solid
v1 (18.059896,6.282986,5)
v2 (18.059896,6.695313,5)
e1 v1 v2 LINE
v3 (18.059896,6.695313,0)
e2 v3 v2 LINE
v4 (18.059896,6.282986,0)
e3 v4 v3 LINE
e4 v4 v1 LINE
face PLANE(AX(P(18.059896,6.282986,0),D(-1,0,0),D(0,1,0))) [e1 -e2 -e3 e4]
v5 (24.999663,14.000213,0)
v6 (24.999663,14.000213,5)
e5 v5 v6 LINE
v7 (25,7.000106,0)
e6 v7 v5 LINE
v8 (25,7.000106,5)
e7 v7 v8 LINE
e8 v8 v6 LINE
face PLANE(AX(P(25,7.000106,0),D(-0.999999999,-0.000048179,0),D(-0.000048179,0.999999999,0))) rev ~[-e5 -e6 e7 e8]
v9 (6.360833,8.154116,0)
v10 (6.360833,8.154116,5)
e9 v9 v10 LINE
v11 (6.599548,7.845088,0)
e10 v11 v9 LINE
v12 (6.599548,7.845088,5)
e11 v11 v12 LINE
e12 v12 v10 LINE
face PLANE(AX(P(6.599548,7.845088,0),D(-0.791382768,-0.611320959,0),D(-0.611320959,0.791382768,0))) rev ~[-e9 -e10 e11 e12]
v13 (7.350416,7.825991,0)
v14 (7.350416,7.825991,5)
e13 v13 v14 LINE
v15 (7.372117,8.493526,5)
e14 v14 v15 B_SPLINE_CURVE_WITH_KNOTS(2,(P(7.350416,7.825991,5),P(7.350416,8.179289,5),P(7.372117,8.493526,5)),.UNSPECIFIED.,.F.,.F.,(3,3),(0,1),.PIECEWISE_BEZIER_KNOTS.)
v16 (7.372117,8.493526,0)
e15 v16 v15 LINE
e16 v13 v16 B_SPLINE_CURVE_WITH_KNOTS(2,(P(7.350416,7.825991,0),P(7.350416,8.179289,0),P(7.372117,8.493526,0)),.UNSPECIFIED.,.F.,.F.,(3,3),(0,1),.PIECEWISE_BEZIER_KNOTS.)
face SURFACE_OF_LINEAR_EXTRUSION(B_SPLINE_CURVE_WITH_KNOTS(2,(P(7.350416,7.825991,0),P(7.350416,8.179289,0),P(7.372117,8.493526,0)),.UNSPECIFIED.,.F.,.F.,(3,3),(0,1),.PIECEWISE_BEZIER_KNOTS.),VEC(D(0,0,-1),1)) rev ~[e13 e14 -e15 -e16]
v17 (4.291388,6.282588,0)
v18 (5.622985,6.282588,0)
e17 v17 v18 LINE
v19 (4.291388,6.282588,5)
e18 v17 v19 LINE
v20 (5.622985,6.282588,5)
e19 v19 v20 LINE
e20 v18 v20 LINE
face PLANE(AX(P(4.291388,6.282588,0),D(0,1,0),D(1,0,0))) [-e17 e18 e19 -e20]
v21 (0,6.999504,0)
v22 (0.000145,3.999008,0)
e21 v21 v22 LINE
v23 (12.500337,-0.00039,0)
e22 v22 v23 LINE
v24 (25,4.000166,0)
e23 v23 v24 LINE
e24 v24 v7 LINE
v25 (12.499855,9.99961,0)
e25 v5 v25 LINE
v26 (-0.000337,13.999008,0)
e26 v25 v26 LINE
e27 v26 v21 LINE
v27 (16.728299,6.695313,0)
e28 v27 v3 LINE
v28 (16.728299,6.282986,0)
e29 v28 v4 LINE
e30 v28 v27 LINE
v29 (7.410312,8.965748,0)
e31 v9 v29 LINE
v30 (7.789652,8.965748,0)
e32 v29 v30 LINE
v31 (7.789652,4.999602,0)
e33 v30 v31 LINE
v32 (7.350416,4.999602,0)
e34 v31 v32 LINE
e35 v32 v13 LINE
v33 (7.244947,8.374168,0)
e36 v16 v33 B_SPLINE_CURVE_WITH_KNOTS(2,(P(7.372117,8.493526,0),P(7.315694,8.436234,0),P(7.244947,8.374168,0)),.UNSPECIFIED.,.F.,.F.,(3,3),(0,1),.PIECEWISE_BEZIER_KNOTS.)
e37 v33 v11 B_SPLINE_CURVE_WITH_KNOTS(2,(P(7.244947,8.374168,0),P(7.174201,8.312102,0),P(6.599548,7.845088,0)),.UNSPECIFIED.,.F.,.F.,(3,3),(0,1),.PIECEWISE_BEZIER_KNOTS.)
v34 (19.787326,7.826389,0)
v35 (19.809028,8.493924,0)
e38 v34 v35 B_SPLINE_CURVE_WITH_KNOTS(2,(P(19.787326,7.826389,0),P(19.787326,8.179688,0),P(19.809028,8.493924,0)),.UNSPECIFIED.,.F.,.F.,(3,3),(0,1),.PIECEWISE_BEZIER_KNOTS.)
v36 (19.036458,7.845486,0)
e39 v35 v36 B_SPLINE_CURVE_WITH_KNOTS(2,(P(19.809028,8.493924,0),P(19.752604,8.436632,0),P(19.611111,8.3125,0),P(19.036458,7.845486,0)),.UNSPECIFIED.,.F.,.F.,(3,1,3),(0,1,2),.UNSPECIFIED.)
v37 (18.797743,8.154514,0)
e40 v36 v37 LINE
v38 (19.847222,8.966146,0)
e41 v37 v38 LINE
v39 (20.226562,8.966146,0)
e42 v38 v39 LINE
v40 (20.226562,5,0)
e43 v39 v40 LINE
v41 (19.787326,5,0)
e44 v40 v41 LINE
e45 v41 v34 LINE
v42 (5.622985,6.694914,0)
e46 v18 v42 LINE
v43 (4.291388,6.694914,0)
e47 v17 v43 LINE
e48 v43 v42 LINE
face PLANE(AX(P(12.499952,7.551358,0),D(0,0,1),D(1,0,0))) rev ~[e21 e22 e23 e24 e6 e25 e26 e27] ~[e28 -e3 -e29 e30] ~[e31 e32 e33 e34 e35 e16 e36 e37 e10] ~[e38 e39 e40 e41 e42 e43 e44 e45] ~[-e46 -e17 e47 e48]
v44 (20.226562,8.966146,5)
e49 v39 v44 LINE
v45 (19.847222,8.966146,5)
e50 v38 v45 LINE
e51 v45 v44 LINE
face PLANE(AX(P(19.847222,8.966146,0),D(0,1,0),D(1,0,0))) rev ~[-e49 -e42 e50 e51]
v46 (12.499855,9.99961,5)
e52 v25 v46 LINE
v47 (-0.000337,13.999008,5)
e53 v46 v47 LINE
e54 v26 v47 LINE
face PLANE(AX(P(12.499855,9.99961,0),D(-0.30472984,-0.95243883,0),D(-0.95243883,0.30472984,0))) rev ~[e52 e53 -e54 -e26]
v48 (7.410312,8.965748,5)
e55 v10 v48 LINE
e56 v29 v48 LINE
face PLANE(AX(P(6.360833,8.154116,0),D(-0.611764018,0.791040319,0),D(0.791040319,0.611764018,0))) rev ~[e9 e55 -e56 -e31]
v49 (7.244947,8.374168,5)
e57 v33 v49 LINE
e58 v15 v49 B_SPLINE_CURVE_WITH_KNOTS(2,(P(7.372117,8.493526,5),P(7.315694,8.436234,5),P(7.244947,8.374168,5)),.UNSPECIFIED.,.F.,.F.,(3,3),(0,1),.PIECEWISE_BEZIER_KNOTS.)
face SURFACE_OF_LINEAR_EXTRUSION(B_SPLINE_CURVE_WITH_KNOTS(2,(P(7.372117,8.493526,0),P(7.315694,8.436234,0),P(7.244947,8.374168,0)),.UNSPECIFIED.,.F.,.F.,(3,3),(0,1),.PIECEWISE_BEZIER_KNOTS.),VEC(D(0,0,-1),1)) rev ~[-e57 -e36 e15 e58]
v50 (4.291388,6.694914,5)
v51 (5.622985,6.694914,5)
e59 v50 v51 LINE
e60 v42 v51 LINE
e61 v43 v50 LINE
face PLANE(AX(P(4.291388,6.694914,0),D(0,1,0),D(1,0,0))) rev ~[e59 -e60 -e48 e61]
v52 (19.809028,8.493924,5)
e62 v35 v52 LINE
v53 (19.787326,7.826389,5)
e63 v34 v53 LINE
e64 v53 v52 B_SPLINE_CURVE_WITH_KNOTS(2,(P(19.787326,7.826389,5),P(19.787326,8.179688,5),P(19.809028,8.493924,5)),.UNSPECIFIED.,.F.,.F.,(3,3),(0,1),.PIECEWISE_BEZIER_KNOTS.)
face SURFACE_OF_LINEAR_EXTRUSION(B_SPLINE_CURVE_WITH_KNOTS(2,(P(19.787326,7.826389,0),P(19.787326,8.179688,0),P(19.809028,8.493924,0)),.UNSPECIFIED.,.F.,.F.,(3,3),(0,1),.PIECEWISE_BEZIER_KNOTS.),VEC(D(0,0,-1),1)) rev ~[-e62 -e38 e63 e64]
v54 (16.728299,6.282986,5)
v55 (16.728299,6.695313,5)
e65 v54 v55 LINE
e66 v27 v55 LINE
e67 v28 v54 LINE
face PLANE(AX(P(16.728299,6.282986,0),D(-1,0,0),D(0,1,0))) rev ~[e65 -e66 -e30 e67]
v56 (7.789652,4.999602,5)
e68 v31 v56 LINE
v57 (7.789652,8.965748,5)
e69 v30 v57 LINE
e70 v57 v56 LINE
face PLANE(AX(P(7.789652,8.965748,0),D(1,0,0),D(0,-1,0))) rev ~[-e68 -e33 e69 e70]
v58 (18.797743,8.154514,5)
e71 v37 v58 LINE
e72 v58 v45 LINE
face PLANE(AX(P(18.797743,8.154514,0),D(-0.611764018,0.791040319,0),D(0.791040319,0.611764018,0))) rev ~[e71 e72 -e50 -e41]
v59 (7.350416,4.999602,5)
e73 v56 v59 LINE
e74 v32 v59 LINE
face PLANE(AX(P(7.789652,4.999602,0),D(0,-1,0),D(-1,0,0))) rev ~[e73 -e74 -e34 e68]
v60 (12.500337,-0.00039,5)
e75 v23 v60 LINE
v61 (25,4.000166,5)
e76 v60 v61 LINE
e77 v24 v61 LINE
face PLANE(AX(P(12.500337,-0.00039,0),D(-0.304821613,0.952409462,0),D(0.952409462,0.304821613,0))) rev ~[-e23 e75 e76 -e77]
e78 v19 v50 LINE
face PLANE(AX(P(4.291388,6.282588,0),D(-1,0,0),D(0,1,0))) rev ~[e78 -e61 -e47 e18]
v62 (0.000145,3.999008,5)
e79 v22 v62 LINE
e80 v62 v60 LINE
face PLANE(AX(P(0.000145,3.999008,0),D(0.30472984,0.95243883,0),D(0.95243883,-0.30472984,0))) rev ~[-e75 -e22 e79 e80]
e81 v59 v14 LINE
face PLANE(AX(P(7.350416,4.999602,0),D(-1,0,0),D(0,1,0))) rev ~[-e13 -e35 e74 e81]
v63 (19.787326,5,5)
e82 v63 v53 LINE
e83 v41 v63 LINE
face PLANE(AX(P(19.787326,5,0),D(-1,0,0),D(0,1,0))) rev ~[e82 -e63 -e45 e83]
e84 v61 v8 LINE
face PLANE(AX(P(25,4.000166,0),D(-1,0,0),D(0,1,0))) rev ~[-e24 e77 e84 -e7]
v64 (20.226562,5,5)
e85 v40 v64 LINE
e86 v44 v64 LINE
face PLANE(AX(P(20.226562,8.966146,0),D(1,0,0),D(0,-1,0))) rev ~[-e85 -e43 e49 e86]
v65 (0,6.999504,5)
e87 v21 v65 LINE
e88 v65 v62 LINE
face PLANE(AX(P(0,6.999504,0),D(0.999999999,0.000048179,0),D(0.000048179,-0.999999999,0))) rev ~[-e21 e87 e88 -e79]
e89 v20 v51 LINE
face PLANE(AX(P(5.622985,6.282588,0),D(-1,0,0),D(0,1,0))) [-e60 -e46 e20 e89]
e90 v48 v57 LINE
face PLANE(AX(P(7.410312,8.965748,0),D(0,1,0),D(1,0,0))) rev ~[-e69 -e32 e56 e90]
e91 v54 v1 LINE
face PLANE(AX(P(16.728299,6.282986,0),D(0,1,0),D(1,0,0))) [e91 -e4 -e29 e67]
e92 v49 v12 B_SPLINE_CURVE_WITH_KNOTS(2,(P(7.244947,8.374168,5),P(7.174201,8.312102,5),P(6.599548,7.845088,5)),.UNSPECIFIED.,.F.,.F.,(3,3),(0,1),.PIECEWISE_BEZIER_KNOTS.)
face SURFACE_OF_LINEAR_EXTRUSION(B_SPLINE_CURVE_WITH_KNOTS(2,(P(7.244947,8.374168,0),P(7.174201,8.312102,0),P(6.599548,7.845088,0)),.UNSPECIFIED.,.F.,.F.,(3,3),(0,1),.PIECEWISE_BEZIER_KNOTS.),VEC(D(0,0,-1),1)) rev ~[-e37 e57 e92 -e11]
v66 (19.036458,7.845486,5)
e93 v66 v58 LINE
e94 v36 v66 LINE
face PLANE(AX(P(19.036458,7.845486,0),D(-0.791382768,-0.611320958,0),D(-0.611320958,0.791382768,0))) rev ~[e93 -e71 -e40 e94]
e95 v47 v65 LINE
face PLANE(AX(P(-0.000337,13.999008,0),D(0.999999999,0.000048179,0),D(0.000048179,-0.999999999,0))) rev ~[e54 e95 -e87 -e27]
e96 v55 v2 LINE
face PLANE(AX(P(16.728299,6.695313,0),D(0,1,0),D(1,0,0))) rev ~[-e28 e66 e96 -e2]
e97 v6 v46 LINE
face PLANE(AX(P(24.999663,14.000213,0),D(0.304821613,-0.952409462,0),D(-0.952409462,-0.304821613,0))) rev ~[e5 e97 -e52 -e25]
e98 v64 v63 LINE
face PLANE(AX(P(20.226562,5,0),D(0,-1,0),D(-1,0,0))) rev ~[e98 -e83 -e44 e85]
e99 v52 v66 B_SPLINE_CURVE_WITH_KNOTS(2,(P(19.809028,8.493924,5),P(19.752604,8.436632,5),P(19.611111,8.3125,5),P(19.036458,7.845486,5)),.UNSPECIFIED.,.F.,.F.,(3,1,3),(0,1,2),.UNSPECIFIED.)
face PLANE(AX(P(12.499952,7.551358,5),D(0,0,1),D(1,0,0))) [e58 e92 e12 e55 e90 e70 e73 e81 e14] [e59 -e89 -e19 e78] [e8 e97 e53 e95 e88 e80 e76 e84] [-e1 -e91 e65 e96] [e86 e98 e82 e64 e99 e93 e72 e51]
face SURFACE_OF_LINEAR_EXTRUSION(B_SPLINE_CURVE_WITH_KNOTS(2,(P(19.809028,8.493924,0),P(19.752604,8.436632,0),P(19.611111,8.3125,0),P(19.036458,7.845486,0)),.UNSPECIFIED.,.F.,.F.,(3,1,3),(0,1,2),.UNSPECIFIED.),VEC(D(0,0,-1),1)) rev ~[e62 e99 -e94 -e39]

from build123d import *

# Parameters (mm, degrees)
F0_W     = 1.3315972222
F0_H     = 0.4123263889
F1_DEPTH = 5


with BuildPart() as f1:
    # F0 (on Top) → F1 (new body)
    with BuildSketch(Plane.XY):
        Polygon((12.500337261, -0.0003896045), (25, 4.0001663682), (25, 7.0001063117), (24.9996627433, 14.0002126143), (12.499855473, 9.9996103839), (-0.0003372277, 13.9990081442), (0, 6.9995040762), (0.0001445603, 3.9990081558), align=None)
        with Locations((4.9571868872, 6.4887512591)):
            Rectangle(F0_W, F0_H, mode=Mode.SUBTRACT)
        with BuildLine():
            Line((7.789652165, 8.9657477869), (7.789652165, 4.9996019536))
            Line((7.789652165, 4.9996019536), (7.3504160538, 4.9996019536))
            Line((7.3504160538, 4.9996019536), (7.3504160538, 7.8259908425))
            add(Edge.make_bspline(
                [(7.3504160538, 7.8259908425), (7.3504160538, 8.1792894536), (7.3721174427, 8.4935255647)],
                knots=[0, 0, 0, 1, 1, 1], degree=2))
            add(Edge.make_bspline(
                [(7.3721174427, 8.4935255647), (7.3156938316, 8.436233898), (7.2449473038, 8.3741679258)],
                knots=[0, 0, 0, 1, 1, 1], degree=2))
            add(Edge.make_bspline(
                [(7.2449473038, 8.3741679258), (7.1742007761, 8.3121019536), (6.5995479983, 7.8450880647)],
                knots=[0, 0, 0, 1, 1, 1], degree=2))
            Line((6.5995479983, 7.8450880647), (6.3608327205, 8.1541158425))
            Line((6.3608327205, 8.1541158425), (7.4103118872, 8.9657477869))
            Line((7.4103118872, 8.9657477869), (7.789652165, 8.9657477869))
        make_face(mode=Mode.SUBTRACT)
        with Locations((17.3940972222, 6.4891493056)):
            Rectangle(F0_W, F0_H, mode=Mode.SUBTRACT)
        with BuildLine():
            Line((20.2265625, 8.9661458333), (20.2265625, 5))
            Line((20.2265625, 5), (19.7873263889, 5))
            Line((19.7873263889, 5), (19.7873263889, 7.8263888889))
            add(Edge.make_bspline(
                [(19.7873263889, 7.8263888889), (19.7873263889, 8.1796875), (19.8090277778, 8.4939236111)],
                knots=[0, 0, 0, 1, 1, 1], degree=2))
            add(Edge.make_bspline(
                [(19.8090277778, 8.4939236111), (19.7526041667, 8.4366319444), (19.6818576389, 8.3745659722)],
                knots=[0, 0, 0, 1, 1, 1], degree=2))
            add(Edge.make_bspline(
                [(19.6818576389, 8.3745659722), (19.6111111111, 8.3125), (19.0364583333, 7.8454861111)],
                knots=[0, 0, 0, 1, 1, 1], degree=2))
            Line((19.0364583333, 7.8454861111), (18.7977430556, 8.1545138889))
            Line((18.7977430556, 8.1545138889), (19.8472222222, 8.9661458333))
            Line((19.8472222222, 8.9661458333), (20.2265625, 8.9661458333))
        make_face(mode=Mode.SUBTRACT)
    extrude(amount=F1_DEPTH)


solid = f1.part
